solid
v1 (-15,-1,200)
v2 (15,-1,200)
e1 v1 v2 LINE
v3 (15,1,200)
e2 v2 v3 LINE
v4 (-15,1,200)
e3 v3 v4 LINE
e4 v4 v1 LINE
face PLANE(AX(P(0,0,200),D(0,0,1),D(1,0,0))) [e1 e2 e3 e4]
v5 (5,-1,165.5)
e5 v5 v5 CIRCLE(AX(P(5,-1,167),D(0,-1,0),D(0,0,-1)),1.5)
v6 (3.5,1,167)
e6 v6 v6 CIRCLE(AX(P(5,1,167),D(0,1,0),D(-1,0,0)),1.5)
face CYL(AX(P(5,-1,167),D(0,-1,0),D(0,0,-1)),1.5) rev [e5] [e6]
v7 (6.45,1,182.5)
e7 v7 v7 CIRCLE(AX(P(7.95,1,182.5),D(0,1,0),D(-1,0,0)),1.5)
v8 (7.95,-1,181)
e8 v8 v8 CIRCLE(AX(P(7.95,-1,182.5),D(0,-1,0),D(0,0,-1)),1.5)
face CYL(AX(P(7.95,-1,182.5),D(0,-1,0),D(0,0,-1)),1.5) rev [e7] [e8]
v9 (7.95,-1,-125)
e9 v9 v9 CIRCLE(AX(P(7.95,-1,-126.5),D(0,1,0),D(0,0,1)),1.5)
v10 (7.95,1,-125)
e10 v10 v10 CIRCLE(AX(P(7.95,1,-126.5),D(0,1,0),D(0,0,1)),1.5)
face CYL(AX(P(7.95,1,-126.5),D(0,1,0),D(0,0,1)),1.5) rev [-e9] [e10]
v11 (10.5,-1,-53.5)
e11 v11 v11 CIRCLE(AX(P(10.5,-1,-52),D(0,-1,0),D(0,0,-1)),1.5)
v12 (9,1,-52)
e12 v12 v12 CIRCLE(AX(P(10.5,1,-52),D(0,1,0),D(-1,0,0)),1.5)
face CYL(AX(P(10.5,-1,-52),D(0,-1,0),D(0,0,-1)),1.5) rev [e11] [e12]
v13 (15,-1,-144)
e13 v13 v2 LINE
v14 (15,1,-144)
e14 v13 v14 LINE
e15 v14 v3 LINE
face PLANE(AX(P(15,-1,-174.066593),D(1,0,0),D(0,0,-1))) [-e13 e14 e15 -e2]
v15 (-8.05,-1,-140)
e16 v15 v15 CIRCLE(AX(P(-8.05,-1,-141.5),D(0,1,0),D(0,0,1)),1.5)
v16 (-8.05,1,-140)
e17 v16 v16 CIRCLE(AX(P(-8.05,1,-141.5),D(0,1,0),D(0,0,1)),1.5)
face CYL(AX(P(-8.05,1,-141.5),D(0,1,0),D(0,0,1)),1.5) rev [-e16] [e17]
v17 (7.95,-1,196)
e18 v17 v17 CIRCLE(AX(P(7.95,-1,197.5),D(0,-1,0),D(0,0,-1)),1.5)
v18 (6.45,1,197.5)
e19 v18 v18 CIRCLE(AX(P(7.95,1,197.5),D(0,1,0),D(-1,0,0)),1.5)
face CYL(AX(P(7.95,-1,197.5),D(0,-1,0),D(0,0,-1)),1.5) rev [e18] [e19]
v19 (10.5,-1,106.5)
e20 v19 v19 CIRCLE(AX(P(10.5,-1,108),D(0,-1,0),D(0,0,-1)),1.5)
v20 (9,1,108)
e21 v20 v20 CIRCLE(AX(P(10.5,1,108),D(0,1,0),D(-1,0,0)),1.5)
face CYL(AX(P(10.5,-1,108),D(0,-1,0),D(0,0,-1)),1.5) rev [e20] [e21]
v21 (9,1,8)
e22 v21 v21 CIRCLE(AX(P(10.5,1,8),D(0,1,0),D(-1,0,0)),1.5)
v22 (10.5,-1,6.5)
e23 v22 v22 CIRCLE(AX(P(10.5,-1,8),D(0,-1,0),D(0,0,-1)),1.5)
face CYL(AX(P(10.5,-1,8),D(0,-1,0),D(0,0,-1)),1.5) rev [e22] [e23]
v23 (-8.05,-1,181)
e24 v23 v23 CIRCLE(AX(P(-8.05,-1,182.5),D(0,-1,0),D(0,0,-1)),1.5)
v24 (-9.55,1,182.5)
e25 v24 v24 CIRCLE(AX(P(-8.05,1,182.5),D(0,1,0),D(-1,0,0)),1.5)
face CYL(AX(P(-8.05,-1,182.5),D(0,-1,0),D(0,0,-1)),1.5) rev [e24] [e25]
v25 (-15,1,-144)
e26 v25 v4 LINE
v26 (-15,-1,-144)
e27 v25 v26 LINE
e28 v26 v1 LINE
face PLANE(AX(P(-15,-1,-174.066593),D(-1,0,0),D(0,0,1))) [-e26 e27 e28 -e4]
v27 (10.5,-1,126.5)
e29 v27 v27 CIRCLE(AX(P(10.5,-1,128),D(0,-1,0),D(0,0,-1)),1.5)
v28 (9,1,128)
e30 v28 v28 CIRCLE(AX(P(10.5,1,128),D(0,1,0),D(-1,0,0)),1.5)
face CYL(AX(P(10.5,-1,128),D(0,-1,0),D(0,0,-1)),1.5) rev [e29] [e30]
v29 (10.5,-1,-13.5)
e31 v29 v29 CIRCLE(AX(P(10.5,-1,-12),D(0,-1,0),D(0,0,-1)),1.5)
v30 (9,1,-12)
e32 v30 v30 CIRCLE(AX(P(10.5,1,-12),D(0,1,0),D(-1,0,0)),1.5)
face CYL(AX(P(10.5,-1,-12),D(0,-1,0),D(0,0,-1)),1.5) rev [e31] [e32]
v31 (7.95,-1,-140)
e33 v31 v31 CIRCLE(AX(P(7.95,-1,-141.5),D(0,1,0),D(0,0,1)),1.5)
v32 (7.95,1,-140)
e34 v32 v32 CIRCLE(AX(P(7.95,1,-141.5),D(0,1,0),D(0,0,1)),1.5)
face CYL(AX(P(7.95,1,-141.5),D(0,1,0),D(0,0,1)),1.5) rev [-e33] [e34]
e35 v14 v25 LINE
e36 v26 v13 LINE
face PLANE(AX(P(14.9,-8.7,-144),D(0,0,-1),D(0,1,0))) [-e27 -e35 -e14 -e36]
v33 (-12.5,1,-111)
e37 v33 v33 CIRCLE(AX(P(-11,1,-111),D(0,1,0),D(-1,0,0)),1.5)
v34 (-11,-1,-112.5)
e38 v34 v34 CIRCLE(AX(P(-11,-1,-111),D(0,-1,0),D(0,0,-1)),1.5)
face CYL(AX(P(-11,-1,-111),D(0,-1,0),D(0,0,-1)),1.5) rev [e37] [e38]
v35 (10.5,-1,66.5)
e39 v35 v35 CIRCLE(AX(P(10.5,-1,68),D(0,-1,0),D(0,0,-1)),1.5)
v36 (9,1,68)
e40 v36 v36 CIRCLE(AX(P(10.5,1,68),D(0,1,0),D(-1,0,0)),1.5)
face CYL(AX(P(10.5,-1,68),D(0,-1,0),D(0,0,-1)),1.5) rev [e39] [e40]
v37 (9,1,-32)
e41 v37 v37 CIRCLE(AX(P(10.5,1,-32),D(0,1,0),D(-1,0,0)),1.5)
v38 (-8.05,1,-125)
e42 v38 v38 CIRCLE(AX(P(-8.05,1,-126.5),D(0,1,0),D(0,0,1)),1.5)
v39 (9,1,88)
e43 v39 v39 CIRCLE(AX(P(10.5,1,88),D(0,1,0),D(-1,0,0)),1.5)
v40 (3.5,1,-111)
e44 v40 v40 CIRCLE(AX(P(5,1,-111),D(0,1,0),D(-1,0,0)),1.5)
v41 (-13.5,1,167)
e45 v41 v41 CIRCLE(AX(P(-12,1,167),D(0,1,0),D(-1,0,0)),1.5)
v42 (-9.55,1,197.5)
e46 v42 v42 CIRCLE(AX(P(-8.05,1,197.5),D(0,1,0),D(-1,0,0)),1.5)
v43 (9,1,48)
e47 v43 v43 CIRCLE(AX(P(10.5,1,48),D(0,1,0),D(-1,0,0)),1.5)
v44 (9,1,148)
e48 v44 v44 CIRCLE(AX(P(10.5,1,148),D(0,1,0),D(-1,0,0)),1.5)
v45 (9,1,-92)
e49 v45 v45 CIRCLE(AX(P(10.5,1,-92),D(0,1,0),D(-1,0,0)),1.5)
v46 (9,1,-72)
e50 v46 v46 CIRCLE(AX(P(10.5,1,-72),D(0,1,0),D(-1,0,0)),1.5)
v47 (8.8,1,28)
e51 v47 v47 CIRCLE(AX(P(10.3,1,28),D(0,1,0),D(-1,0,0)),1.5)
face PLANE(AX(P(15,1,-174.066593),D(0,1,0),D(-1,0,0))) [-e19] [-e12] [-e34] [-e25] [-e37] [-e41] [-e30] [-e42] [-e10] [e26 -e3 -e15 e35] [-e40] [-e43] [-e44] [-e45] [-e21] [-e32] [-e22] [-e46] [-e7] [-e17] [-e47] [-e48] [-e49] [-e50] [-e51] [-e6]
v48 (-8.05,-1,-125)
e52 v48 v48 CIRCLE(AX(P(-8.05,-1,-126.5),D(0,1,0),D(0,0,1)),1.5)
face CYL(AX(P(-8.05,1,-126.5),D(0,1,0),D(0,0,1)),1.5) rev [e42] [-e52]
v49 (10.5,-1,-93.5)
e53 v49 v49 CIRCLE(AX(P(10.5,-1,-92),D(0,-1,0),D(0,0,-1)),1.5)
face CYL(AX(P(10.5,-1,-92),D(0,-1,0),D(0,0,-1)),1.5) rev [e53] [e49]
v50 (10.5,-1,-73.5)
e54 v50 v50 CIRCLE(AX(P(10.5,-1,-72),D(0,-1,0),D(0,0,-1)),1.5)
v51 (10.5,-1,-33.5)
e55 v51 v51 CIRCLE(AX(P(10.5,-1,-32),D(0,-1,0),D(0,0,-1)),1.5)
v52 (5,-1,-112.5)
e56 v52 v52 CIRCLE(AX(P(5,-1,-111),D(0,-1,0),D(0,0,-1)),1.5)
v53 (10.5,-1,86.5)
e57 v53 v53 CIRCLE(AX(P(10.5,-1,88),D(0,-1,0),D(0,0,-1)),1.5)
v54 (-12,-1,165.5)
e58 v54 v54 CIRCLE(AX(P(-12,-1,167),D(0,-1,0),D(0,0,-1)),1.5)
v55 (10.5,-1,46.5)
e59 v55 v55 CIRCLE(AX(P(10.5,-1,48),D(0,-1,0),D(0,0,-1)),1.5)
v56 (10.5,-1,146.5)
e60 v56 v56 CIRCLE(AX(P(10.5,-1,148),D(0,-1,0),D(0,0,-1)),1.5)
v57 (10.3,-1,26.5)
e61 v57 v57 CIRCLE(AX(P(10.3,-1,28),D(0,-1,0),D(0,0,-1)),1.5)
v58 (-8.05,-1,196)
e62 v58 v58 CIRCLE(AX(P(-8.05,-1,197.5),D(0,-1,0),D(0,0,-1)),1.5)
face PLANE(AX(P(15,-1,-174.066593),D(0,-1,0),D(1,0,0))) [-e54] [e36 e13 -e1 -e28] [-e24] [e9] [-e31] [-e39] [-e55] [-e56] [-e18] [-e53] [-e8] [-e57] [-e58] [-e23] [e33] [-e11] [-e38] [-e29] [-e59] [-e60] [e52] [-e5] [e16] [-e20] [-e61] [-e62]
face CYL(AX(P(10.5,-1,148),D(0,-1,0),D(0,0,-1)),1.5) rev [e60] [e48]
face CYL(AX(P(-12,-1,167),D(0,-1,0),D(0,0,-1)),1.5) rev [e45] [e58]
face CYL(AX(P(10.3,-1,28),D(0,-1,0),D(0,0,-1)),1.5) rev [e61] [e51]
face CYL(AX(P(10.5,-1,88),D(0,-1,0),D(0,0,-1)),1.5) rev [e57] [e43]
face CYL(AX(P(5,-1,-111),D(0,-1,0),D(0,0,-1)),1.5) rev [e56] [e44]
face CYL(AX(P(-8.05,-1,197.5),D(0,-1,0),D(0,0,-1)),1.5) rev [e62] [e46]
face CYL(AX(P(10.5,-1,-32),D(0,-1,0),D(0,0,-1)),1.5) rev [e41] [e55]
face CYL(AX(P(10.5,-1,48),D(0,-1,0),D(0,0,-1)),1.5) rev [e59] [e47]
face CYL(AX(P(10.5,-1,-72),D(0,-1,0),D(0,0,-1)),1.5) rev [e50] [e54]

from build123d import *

# Parameters (mm, degrees)
BOSS_EXTRUDE1_DEPTH      = 200
BOSS_EXTRUDE1_DEPTH_BACK = 144
SKETCH1_W                = 30
SKETCH1_H                = 2
F_3_0_3_DIAMETER_SLOT1_D = 3
F_3_0MM_DOWEL_HOLE1_D    = 3


with BuildPart() as part:
    # Sketch1 → Boss-Extrude1 (new, two sides: drawn at the far end of the back side and taken through both)
    with BuildSketch(Plane.XY.offset(-BOSS_EXTRUDE1_DEPTH_BACK)):
        Rectangle(SKETCH1_W, SKETCH1_H)
    extrude(amount=BOSS_EXTRUDE1_DEPTH + BOSS_EXTRUDE1_DEPTH_BACK)

    # Ø3.0 (3) Diameter Slot1 (through all)
    with Locations(Plane(origin=(0, 1, 0), x_dir=(1, 0, 0), z_dir=(0, 1, 0))):
        with Locations((-8.05, 126.5), (7.95, 126.5), (7.95, 141.5), (-8.05, 141.5)):
            Hole(F_3_0_3_DIAMETER_SLOT1_D / 2)

    # Ø3.0mm Dowel Hole1 (through all)
    with Locations(Plane(origin=(0, -1, 0), x_dir=(-1, 0, 0), z_dir=(0, -1, 0))):
        with Locations((-7.95, -197.5), (8.05, -197.5), (8.05, -182.5), (-7.95, -182.5), (-5, -167), (12, -167), (-10.5, -148), (-10.5, -128), (-10.5, -108), (-10.5, -88), (-10.5, -68), (-10.5, -48), (-10.3, -28), (-10.5, -8), (-10.5, 12), (-10.5, 32), (-10.5, 52), (-10.5, 72), (-10.5, 92), (-5, 111), (11, 111)):
            Hole(F_3_0MM_DOWEL_HOLE1_D / 2)


solid = part.part
